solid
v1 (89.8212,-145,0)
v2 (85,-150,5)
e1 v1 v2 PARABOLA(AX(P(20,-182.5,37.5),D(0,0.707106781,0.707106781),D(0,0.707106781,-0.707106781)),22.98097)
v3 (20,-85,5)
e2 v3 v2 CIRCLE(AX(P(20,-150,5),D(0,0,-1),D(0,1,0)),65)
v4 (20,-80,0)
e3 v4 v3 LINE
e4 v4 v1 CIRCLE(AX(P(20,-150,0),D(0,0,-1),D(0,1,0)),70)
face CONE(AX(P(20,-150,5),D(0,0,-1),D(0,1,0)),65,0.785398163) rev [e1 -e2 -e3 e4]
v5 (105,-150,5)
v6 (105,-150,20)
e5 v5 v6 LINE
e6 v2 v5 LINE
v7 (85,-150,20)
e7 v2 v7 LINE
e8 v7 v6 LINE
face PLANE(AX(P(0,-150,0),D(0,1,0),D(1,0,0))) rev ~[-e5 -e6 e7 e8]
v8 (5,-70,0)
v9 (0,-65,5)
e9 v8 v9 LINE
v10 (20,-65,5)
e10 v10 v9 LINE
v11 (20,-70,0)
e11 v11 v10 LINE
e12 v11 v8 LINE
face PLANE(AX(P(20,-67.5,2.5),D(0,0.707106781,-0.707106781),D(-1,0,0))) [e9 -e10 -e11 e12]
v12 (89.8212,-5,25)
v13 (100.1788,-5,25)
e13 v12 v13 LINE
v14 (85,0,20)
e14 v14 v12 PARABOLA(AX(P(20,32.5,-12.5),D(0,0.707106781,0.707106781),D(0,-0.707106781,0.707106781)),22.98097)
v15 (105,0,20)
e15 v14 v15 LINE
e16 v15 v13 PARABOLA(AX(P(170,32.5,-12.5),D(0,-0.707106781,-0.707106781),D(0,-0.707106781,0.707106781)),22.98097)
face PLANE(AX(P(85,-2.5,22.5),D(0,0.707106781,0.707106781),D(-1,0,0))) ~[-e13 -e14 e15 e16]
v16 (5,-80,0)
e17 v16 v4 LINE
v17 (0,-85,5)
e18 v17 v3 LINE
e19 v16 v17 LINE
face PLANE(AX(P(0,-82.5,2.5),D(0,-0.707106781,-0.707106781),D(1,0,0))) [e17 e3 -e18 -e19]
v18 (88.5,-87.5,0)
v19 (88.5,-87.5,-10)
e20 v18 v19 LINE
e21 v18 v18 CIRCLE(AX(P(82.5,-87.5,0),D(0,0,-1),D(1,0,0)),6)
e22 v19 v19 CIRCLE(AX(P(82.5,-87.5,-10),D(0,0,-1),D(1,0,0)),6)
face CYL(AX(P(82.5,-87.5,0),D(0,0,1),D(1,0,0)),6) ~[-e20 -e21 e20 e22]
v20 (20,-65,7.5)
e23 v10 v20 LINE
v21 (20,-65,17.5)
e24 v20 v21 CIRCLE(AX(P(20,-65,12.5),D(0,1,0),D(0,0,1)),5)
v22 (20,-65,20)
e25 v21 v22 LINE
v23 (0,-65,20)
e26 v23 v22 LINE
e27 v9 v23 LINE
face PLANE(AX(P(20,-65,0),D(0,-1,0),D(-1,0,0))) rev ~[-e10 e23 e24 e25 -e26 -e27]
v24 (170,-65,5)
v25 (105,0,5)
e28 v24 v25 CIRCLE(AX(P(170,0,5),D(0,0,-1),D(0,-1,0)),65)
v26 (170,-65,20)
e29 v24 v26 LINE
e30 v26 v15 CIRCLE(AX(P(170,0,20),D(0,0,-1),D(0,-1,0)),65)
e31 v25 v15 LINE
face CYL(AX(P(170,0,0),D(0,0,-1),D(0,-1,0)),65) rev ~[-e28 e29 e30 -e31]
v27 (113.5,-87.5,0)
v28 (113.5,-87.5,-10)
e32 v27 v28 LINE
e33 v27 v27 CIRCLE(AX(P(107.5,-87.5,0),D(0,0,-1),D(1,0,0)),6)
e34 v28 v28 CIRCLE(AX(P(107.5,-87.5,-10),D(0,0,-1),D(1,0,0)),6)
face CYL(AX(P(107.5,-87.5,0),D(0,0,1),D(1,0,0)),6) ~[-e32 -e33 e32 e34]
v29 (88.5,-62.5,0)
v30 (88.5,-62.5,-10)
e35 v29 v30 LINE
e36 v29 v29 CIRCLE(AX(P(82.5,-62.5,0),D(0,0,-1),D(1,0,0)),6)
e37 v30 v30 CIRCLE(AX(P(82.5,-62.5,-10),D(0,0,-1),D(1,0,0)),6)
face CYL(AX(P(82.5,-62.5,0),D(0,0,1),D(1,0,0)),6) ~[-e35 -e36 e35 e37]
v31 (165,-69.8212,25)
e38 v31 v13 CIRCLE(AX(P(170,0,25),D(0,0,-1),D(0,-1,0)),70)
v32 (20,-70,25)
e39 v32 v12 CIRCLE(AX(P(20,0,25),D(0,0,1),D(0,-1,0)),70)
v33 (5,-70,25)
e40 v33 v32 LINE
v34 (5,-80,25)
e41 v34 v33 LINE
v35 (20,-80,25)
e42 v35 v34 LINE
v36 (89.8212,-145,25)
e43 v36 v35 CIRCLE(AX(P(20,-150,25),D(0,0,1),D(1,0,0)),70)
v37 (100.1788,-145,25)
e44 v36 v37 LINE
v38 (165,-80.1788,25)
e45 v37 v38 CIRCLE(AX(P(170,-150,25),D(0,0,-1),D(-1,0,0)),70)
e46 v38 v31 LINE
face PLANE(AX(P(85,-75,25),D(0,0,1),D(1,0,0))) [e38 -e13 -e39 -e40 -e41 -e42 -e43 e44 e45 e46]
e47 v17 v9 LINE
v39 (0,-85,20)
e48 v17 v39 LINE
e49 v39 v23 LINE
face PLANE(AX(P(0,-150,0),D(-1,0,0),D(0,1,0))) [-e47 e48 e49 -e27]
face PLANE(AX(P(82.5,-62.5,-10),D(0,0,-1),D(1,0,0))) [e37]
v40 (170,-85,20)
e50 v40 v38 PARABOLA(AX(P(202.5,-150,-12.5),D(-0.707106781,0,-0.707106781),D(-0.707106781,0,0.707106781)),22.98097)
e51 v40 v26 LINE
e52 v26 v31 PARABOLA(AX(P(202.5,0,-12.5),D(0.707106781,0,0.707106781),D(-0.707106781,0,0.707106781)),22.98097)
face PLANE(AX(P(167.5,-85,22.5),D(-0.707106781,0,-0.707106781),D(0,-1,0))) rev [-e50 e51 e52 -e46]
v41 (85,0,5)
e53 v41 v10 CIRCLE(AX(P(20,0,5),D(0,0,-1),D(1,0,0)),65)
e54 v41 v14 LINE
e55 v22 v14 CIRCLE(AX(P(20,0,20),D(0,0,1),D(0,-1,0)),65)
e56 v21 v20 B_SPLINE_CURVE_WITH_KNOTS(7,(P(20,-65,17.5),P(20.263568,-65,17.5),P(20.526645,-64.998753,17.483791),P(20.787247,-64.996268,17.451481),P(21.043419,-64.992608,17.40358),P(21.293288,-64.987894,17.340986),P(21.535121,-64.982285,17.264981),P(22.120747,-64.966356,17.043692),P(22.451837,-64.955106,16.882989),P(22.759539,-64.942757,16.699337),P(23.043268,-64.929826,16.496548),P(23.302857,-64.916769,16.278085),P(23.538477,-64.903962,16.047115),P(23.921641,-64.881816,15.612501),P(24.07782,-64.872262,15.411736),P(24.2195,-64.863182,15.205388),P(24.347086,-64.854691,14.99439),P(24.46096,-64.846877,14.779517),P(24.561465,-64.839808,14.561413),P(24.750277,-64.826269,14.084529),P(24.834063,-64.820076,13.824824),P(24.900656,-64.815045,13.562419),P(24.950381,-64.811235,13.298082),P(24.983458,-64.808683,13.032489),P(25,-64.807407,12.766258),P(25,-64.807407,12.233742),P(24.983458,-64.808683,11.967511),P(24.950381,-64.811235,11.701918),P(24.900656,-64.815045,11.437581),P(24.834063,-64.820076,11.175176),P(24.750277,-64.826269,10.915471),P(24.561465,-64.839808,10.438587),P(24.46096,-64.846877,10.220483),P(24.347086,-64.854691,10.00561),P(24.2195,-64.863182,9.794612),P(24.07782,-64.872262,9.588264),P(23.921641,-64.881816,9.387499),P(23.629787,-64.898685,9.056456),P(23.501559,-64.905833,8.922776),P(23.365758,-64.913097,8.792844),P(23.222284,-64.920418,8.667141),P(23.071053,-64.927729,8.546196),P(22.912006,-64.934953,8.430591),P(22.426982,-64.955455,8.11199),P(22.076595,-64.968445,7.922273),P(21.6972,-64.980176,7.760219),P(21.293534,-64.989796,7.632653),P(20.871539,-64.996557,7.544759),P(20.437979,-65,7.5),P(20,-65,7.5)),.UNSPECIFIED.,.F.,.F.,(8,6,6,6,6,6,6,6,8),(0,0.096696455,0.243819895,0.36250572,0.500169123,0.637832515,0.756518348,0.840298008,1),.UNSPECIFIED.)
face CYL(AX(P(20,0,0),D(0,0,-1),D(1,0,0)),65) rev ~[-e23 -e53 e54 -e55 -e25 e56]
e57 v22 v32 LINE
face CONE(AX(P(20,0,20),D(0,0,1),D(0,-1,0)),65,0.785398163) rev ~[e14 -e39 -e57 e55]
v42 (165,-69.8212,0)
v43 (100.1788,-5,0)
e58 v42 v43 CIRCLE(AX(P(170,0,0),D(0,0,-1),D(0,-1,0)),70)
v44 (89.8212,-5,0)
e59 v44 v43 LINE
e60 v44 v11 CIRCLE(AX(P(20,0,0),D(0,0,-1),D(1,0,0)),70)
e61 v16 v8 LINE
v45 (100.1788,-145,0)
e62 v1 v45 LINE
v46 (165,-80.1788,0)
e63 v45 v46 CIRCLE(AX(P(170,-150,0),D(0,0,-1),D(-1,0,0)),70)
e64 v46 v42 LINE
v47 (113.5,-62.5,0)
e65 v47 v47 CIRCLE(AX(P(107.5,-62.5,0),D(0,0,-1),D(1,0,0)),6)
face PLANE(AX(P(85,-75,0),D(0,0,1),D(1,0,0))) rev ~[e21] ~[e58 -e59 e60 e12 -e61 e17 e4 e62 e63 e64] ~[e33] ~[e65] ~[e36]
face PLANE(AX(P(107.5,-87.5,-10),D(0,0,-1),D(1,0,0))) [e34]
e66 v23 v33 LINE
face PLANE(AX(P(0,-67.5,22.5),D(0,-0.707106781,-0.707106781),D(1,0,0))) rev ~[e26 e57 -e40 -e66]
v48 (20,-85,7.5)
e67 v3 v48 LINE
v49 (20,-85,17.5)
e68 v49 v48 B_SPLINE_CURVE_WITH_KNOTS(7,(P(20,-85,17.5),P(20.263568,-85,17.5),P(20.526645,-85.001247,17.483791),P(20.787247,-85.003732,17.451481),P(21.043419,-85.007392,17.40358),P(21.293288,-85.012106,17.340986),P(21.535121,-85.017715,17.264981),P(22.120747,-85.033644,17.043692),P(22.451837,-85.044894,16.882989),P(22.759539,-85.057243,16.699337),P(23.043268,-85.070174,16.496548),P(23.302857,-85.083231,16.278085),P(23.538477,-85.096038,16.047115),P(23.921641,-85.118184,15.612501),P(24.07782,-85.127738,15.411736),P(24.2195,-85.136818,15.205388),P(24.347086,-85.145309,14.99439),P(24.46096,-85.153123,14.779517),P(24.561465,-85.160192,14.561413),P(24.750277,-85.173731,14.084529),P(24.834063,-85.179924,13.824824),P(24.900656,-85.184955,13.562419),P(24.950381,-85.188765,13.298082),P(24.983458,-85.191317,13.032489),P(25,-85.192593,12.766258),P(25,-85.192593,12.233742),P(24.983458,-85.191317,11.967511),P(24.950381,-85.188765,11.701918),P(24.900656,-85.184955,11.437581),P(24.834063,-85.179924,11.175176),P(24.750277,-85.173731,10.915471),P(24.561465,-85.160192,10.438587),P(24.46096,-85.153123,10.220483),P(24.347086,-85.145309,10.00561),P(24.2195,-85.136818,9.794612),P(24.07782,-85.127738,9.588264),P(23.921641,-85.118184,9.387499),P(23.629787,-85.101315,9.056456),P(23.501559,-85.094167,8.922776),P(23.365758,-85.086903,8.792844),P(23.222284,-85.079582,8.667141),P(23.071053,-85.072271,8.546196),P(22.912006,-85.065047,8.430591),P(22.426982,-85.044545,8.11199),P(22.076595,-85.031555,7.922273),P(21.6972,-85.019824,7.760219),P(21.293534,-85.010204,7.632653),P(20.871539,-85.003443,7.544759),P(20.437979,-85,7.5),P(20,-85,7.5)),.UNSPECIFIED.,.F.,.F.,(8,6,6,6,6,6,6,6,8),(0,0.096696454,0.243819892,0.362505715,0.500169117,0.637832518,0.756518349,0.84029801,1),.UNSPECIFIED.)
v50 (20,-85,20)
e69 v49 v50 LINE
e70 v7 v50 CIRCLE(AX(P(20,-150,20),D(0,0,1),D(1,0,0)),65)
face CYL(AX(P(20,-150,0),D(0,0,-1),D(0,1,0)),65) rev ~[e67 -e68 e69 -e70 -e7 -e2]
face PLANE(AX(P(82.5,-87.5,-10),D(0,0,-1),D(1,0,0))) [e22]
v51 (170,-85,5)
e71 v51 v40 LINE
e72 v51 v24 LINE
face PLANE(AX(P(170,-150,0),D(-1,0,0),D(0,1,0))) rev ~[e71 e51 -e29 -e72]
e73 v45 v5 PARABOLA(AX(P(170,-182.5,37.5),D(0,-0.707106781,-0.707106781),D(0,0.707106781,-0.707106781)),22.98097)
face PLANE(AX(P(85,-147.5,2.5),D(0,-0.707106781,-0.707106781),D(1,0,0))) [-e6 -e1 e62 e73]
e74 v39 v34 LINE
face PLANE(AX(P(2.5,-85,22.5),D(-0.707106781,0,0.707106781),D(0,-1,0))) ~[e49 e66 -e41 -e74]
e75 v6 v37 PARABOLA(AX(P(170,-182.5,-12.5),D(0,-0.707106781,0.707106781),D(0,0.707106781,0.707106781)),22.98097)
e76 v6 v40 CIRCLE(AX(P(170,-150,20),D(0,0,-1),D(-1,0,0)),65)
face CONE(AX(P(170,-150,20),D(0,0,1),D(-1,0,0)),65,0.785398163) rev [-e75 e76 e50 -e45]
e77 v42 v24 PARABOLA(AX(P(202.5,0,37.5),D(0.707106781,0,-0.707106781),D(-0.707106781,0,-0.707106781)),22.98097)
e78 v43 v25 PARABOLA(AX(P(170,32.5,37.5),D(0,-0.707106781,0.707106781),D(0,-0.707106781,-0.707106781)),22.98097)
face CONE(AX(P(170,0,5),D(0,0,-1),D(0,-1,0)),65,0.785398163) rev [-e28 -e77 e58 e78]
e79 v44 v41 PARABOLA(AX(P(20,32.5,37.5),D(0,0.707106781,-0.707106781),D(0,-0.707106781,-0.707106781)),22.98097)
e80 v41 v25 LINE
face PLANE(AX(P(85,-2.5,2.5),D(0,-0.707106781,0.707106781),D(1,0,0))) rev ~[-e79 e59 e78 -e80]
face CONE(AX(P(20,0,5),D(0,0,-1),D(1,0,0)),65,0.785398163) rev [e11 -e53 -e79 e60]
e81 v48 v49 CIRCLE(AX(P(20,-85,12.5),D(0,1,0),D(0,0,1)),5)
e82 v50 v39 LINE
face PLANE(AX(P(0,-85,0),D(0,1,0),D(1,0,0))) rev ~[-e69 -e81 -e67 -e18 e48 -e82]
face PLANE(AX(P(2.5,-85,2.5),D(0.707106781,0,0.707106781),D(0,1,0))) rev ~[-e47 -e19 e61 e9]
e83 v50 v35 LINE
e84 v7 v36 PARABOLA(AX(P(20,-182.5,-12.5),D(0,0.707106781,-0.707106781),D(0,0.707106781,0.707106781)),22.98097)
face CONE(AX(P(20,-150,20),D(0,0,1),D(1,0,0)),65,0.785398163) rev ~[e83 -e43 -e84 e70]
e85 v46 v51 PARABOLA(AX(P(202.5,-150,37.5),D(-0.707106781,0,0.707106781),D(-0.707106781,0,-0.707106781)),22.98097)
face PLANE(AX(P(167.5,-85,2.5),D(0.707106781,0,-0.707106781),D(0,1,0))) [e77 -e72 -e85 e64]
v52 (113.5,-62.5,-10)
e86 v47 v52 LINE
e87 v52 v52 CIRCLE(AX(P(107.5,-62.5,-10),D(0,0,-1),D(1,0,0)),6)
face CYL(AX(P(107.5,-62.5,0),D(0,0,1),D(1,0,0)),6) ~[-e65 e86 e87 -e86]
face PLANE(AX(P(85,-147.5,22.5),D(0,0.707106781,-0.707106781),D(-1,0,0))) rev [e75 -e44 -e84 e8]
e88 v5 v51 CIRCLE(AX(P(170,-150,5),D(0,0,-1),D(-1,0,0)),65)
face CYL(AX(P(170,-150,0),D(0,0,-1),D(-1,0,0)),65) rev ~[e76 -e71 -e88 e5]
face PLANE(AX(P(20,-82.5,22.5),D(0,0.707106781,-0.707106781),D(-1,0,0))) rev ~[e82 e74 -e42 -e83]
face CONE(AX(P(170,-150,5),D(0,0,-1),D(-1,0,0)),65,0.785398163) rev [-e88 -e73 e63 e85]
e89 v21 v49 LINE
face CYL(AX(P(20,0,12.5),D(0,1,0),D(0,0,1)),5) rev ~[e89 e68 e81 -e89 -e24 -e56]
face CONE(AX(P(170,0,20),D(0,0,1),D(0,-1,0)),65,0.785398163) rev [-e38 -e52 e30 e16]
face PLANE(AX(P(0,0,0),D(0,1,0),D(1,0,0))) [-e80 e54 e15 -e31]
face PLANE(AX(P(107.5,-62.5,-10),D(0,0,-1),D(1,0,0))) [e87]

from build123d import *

# Parameters (mm, degrees)
SKETCH_1_W          = 170
SKETCH_1_H          = 150
EXTRUDE_1_DEPTH     = 25
CUT_EXTRUDE_1_DEPTH = 50
CHAMFER_2_SIZE      = 5
SKETCH_7_R          = 6
EXTRUDE_4_DEPTH     = 10
CHAMFER_4_SIZE      = 5
SKETCH_8_R          = 5
CUT_EXTRUDE_2_DEPTH = 229.089894559


with BuildPart() as part:
    # 草图1 → 凸台-拉伸1 (new body)
    with BuildSketch(Plane.XY):
        with Locations((85, -75)):
            Rectangle(SKETCH_1_W, SKETCH_1_H)
    extrude(amount=EXTRUDE_1_DEPTH)

    # 草图3 → 切除-拉伸1 (cut)
    with BuildSketch(Plane(origin=(0, 0, 0), x_dir=(-1, 0, 0), z_dir=(0, 0, -1))):
        with BuildLine():
            Line((-170, 0), (-105, 0))
            ThreePointArc((-105, 0), (-215.961940777, 45.961940777), (-170, -65))
            Line((-170, -65), (-170, 0))
        make_face()
        with BuildLine():
            ThreePointArc((-170, -65), (-124.038059223, -45.961940777), (-105, 0))
            Line((-105, 0), (-170, 0))
            Line((-170, 0), (-170, -65))
        make_face()
        with BuildLine():
            ThreePointArc((0, -61.846584384), (18.242646352, 52.559490104), (-85, 0))
            Line((-85, 0), (-20, 0))
            Line((-20, 0), (0, 0))
            Line((0, 0), (0, -61.846584384))
        make_face()
        with BuildLine():
            Line((-20, 0), (-85, 0))
            ThreePointArc((-85, 0), (-65.961940777, -45.961940777), (-20, -65))
            Line((-20, -65), (0, -65))
            Line((0, -65), (0, -61.846584384))
            Line((0, -61.846584384), (0, 0))
            Line((0, 0), (-20, 0))
        make_face()
        with BuildLine():
            Line((0, -150), (-85, -150))
            ThreePointArc((-85, -150), (18.242646352, -202.559490104), (0, -88.153415616))
            Line((0, -88.153415616), (0, -150))
        make_face()
        with BuildLine():
            Line((0, -88.153415616), (0, -85))
            Line((0, -85), (-20, -85))
            ThreePointArc((-20, -85), (-65.961940777, -104.038059223), (-85, -150))
            Line((-85, -150), (0, -150))
            Line((0, -150), (0, -88.153415616))
        make_face()
        with BuildLine():
            Line((-170, -150), (-170, -85))
            ThreePointArc((-170, -85), (-215.961940777, -195.961940777), (-105, -150))
            Line((-105, -150), (-170, -150))
        make_face()
        with BuildLine():
            ThreePointArc((-105, -150), (-124.038059223, -104.038059223), (-170, -85))
            Line((-170, -85), (-170, -150))
            Line((-170, -150), (-105, -150))
        make_face()
    extrude(amount=-CUT_EXTRUDE_1_DEPTH, mode=Mode.SUBTRACT)

    # 倒角2
    chamfer_2_edges = [part.edges().sort_by_distance(p)[0] for p in [
        (0, -75, 0),
        (95, 0, 0),
        (170, -75, 0),
        (95, -150, 0),
        (124.038059223, -45.961940777, 0),
        (65.961940777, -45.961940777, 0),
        (124.038059223, -104.038059223, 0),
        (65.961940777, -104.038059223, 0),
        (10, -85, 0),
        (10, -65, 0),
    ]]
    chamfer(chamfer_2_edges, length=CHAMFER_2_SIZE)

    # 草图7 → 凸台-拉伸4 (add)
    with BuildSketch(Plane(origin=(0, 0, 0), x_dir=(-1, 0, 0), z_dir=(0, 0, -1))):
        with Locations(Location((-107.5, -62.5, 0), (0, 0, 180))):
            Circle(SKETCH_7_R)
        with Locations(Location((-82.5, -62.5, 0), (0, 0, 180))):
            Circle(SKETCH_7_R)
        with Locations(Location((-82.5, -87.5, 0), (0, 0, 180))):
            Circle(SKETCH_7_R)
        with Locations(Location((-107.5, -87.5, 0), (0, 0, 180))):
            Circle(SKETCH_7_R)
    extrude(amount=EXTRUDE_4_DEPTH)

    # 倒角4
    chamfer_4_edges = [part.edges().sort_by_distance(p)[0] for p in [
        (0, -75, 25),
        (95, -150, 25),
        (170, -75, 25),
        (95, 0, 25),
        (124.038059223, -104.038059223, 25),
        (10, -85, 25),
        (65.961940777, -104.038059223, 25),
        (10, -65, 25),
        (65.961940777, -45.961940777, 25),
        (124.038059223, -45.961940777, 25),
    ]]
    chamfer(chamfer_4_edges, length=CHAMFER_4_SIZE)

    # 草图8 → 切除-拉伸2 (cut, through all)
    with BuildSketch(Plane(origin=(0, 0, 0), x_dir=(1, 0, 0), z_dir=(0, 1, 0))):
        with Locations(Location((20, -12.5, 0), (0, 0, 270))):
            Circle(SKETCH_8_R)
    extrude(amount=-CUT_EXTRUDE_2_DEPTH, mode=Mode.SUBTRACT)


solid = part.part
